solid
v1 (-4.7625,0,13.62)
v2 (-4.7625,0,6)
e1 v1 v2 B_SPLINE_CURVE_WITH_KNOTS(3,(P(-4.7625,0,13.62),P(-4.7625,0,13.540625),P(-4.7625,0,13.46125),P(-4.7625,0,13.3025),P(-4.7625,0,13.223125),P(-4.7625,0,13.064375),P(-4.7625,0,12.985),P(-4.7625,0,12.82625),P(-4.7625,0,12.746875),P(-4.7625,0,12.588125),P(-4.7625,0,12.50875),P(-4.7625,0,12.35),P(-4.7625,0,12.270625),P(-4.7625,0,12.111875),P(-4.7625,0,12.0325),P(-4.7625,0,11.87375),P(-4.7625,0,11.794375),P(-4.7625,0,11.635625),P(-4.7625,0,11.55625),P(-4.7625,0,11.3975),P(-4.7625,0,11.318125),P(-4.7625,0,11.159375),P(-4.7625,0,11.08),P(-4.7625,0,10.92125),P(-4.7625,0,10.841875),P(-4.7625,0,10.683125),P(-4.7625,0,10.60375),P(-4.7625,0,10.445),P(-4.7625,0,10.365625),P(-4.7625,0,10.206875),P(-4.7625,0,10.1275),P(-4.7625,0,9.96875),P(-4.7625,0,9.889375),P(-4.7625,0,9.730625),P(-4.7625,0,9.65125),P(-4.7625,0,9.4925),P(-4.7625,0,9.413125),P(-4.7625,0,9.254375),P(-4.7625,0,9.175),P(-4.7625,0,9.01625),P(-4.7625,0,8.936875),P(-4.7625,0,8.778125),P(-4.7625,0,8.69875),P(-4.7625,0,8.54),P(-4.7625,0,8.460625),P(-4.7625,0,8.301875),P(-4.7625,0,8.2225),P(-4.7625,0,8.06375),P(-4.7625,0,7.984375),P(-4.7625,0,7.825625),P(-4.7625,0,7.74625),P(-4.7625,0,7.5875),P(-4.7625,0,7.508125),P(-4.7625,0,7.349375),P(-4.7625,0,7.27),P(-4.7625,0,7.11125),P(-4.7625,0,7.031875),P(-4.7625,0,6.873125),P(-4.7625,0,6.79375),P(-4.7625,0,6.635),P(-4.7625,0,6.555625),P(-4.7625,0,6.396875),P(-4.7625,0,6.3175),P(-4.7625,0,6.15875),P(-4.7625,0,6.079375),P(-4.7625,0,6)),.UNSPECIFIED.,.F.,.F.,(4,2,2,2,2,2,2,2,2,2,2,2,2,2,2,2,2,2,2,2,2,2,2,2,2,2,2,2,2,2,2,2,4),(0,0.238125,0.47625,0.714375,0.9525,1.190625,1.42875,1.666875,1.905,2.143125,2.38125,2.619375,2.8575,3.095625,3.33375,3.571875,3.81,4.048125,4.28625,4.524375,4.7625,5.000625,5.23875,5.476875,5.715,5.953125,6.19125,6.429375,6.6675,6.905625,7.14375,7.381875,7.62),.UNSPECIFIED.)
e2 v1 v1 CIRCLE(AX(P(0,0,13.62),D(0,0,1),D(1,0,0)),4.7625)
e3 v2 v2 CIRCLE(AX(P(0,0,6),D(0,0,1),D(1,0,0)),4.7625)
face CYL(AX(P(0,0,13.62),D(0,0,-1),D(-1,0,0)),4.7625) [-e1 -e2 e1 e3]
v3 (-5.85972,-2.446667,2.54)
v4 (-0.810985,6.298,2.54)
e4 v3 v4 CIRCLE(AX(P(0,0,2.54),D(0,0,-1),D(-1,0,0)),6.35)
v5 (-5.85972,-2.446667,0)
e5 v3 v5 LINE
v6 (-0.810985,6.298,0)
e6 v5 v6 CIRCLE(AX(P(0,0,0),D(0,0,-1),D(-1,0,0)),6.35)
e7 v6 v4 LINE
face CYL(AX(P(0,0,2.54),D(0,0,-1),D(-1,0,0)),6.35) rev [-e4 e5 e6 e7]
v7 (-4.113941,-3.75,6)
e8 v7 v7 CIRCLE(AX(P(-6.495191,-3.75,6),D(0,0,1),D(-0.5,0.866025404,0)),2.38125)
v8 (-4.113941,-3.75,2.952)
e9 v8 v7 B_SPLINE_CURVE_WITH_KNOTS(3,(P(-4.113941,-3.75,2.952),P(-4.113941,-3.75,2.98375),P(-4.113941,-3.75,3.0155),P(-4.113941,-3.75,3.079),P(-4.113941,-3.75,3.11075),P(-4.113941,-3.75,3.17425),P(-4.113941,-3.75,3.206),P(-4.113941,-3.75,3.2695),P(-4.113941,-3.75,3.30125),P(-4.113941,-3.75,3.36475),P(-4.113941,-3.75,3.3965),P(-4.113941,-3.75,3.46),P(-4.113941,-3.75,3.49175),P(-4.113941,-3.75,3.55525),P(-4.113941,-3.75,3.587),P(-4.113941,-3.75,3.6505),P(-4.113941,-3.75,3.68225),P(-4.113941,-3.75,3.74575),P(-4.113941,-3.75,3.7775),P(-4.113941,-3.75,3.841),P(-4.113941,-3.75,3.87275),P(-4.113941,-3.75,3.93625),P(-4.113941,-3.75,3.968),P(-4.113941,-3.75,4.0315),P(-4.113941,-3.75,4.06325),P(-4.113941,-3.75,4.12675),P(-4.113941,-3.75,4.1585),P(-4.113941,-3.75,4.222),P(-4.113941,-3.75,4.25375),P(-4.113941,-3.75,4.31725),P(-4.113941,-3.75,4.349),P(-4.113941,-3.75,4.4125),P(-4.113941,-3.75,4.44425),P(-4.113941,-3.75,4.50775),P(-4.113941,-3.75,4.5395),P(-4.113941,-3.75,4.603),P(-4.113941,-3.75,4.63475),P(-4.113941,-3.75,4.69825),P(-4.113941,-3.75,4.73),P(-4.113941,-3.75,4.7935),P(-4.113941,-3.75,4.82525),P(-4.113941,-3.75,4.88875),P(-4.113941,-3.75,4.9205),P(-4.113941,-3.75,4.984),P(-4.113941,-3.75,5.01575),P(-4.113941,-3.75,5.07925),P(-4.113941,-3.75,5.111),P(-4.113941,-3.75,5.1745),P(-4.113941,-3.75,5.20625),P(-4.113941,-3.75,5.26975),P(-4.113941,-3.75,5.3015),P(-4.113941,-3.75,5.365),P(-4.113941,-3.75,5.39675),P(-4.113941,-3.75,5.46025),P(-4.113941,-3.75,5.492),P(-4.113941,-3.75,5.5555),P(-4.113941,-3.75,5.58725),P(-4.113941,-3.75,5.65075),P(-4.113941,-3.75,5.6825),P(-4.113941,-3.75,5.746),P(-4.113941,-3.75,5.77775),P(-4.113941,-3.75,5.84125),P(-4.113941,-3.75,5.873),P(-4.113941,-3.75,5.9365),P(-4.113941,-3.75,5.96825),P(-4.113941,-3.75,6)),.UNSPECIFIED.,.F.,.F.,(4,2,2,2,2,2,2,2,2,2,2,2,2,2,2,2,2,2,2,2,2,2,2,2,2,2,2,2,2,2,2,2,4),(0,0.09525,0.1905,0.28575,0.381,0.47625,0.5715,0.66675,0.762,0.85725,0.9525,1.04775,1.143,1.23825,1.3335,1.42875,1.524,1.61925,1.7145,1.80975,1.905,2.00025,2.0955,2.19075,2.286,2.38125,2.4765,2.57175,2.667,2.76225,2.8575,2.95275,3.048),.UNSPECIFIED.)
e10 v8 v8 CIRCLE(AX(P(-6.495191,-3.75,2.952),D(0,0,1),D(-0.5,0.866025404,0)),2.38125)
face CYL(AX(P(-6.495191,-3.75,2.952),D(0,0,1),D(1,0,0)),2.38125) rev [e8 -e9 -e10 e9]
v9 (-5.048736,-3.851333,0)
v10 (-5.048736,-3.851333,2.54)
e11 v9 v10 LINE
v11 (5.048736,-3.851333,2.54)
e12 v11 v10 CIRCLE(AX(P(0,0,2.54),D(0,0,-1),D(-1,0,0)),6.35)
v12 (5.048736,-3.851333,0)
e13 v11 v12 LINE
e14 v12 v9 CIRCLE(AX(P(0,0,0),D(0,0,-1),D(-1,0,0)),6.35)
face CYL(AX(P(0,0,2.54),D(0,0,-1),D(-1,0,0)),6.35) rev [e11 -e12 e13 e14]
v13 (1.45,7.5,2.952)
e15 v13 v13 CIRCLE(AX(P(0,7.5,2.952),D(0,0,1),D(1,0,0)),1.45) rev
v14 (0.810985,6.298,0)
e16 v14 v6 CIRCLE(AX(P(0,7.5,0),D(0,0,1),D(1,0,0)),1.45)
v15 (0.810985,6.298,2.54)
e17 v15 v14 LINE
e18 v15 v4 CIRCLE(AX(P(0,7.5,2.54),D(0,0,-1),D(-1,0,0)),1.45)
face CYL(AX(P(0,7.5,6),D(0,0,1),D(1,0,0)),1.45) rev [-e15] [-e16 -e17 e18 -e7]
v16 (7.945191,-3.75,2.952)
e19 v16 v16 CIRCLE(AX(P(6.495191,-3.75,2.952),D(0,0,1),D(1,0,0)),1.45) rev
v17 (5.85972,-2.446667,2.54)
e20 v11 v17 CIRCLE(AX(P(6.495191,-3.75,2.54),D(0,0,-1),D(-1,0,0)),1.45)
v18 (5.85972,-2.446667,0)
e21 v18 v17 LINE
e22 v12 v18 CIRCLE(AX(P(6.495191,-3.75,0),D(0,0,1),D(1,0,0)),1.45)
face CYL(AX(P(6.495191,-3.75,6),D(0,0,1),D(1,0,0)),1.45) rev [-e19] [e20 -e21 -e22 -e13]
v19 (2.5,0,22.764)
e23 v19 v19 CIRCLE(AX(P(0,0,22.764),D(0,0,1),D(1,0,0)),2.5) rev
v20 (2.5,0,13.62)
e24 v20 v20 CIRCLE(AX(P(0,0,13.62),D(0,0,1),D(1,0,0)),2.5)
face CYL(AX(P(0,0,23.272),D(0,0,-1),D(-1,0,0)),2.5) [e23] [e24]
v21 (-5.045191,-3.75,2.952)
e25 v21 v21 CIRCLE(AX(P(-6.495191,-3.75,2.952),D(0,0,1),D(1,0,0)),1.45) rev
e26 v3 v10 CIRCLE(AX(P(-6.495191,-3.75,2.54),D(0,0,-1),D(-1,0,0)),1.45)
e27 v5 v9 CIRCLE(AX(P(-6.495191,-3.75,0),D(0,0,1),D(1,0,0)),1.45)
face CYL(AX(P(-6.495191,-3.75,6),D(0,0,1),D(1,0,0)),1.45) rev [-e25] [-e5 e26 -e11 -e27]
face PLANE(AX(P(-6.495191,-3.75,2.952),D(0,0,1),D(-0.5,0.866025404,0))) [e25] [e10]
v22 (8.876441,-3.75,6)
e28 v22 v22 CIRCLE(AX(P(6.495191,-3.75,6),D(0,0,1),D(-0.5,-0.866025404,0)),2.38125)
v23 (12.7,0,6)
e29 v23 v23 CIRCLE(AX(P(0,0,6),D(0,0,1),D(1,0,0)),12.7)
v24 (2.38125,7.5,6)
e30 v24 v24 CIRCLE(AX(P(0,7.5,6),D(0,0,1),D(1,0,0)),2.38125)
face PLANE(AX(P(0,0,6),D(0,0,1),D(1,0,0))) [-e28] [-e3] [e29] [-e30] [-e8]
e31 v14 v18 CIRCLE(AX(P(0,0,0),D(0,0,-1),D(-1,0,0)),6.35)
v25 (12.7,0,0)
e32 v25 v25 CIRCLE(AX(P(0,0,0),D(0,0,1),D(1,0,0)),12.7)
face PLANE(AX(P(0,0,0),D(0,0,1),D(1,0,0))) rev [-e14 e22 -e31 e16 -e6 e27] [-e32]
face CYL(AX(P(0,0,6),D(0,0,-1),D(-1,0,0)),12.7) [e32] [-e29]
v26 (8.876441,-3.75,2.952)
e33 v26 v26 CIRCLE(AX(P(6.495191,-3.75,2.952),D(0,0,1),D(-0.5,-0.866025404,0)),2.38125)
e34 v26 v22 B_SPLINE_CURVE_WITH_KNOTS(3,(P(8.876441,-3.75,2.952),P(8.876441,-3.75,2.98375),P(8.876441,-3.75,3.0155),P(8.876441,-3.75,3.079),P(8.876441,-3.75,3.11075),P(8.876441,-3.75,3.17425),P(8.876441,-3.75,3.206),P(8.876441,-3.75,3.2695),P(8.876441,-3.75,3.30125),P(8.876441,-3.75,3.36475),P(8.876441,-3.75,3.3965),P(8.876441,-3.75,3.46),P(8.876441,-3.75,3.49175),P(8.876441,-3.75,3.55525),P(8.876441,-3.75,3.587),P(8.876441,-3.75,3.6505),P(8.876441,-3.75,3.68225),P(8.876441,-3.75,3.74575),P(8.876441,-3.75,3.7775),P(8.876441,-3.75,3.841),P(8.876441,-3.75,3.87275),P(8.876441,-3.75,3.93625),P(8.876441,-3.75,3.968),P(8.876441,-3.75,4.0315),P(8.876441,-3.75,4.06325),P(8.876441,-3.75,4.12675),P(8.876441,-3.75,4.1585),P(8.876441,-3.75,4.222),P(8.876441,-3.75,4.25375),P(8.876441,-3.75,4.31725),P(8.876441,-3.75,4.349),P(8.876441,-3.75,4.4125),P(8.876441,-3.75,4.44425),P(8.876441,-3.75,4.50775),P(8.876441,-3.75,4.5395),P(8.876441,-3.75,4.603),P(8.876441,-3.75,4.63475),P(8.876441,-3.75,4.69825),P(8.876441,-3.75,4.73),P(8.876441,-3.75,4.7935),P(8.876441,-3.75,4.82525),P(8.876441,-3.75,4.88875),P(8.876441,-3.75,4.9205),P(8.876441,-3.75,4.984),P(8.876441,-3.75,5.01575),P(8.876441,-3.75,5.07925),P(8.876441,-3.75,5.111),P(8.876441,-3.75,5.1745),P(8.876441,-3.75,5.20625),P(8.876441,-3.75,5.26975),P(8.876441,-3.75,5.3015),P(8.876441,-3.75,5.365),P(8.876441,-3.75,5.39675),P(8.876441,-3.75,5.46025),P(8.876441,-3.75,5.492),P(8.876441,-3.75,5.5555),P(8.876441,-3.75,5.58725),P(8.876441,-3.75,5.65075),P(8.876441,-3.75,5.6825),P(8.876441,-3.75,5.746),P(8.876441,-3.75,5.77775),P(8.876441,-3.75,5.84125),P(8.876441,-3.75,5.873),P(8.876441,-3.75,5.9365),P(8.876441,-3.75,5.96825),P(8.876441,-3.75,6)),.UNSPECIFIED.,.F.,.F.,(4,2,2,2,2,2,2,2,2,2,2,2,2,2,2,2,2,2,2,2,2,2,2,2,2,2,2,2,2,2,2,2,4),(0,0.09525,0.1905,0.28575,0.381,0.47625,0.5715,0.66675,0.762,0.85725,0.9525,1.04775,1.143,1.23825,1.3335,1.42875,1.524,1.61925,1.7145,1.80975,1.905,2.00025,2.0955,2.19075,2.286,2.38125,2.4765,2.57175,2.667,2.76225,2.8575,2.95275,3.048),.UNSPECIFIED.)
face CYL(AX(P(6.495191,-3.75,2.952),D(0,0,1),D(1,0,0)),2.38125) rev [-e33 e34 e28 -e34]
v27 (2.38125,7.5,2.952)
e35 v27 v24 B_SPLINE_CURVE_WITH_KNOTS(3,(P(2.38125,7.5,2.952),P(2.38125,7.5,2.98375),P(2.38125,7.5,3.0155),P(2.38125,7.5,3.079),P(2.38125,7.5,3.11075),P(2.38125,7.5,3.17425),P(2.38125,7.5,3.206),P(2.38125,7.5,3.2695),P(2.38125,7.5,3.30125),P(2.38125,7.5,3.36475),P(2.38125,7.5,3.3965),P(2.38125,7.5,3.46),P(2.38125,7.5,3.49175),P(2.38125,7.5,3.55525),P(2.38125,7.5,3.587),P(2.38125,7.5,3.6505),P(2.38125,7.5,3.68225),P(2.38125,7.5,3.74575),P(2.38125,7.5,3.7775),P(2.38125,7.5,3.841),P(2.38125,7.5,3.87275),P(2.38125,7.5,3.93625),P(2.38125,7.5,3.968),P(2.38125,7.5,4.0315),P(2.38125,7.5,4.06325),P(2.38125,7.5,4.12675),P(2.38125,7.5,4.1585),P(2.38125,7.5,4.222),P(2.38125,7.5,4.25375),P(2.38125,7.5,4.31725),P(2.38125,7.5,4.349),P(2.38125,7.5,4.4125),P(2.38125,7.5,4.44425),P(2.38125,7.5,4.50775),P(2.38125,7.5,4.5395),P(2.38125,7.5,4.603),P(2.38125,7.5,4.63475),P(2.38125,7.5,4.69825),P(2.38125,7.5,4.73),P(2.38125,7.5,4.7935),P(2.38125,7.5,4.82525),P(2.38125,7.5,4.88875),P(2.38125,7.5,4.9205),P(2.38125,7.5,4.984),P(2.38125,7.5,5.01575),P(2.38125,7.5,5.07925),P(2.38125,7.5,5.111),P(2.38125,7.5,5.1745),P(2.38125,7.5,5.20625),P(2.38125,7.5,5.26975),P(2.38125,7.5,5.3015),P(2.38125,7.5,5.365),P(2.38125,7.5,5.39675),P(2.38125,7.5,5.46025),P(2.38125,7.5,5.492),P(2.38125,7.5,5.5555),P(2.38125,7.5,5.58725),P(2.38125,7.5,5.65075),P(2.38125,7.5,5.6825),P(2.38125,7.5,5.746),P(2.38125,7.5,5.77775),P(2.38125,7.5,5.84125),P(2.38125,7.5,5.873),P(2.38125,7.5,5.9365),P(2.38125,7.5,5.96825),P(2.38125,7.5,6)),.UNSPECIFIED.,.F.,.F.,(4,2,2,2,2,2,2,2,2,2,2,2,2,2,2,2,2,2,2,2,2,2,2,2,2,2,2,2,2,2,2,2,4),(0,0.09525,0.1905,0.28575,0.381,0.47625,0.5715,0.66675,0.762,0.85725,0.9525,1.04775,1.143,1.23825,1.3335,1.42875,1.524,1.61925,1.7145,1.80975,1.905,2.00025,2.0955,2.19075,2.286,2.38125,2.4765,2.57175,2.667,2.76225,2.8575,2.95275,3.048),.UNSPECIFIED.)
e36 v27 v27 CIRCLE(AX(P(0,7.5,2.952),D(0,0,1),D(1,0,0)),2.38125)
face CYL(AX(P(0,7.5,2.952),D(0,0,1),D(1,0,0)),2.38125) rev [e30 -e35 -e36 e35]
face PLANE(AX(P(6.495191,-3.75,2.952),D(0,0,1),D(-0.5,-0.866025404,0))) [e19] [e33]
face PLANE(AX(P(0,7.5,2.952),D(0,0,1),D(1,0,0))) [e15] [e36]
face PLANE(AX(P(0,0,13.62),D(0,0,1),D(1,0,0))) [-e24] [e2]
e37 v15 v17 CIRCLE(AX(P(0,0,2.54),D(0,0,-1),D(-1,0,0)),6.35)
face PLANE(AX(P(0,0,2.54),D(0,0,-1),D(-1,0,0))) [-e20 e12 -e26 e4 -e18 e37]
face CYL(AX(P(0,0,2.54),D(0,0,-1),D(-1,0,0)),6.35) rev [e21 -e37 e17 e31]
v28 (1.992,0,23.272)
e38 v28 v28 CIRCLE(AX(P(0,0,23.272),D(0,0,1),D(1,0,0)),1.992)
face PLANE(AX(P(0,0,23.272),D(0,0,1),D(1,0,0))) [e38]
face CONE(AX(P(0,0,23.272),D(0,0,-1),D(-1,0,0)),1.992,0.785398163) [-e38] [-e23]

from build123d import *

# Parameters (mm, degrees)
SKETCH1_R                    = 12.7
MOUNTING_FLANGE_DEPTH        = 6
SKETCH3_R                    = 6.35
MOTOR_SHAFT_RELIEF_DEPTH     = 2.54
SKETCH2_R                    = 2.5
DRIVE_SHAFT_DEPTH            = 17.272
CHAMFER1_SIZE                = 0.508
SKETCH5_R                    = 4.7625
SHAFT_SUPPORT_SHOULDER_DEPTH = 7.62
M2_5_CLEARANCE_HOLE_D        = 2.9
SKETCH8_R                    = 2.38125
M2_5_TIGHT_COUTERBORE_DEPTH  = 3.048
CIRPATTERN_COUNT             = 3


with BuildPart() as part:
    # Sketch1 → Mounting Flange (new body)
    with BuildSketch(Plane.XY):
        Circle(SKETCH1_R)
    extrude(amount=MOUNTING_FLANGE_DEPTH)

    # Sketch3 → Motor Shaft Relief (cut)
    with BuildSketch(Plane(origin=(0, 0, 0), x_dir=(-1, 0, 0), z_dir=(0, 0, -1))):
        Circle(SKETCH3_R)
    extrude(amount=-MOTOR_SHAFT_RELIEF_DEPTH, mode=Mode.SUBTRACT)

    # Sketch2 → Drive Shaft (add)
    with BuildSketch(Plane.XY.offset(6)):
        Circle(SKETCH2_R)
    extrude(amount=DRIVE_SHAFT_DEPTH)

    # Chamfer1
    chamfer1_edges = [part.edges().sort_by_distance(p)[0] for p in [
        (-2.5, 0, 23.272),
    ]]
    chamfer(chamfer1_edges, length=CHAMFER1_SIZE)

    # Sketch5 → Shaft Support Shoulder (add)
    with BuildSketch(Plane.XY.offset(6)):
        with Locations(Location((0, 0, 0), (0, 0, 180))):
            Circle(SKETCH5_R)
    extrude(amount=SHAFT_SUPPORT_SHOULDER_DEPTH)

    # M2.5 Clearance Hole (through all)
    with Locations(Plane.XY.offset(6)):
        with Locations((0, 7.5)):
            m2_5_clearance_hole = Hole(M2_5_CLEARANCE_HOLE_D / 2)

    # Sketch8 → M2.5 Tight Couterbore (cut)
    with BuildSketch(Plane.XY.offset(6)):
        with Locations((0, 7.5)):
            Circle(SKETCH8_R)
    m2_5_tight_couterbore = extrude(amount=-M2_5_TIGHT_COUTERBORE_DEPTH, mode=Mode.SUBTRACT)

    # CirPattern: M2.5 Clearance Hole, M2.5 Tight Couterbore ×3 about axis
    cirpattern_axis = Axis((0, 0, 0), (0, 0, 1))
    add([m2_5_clearance_hole.rotate(cirpattern_axis, i * 360 / CIRPATTERN_COUNT) for i in range(1, CIRPATTERN_COUNT)], mode=Mode.SUBTRACT)
    add([m2_5_tight_couterbore.rotate(cirpattern_axis, i * 360 / CIRPATTERN_COUNT) for i in range(1, CIRPATTERN_COUNT)], mode=Mode.SUBTRACT)


solid = part.part
